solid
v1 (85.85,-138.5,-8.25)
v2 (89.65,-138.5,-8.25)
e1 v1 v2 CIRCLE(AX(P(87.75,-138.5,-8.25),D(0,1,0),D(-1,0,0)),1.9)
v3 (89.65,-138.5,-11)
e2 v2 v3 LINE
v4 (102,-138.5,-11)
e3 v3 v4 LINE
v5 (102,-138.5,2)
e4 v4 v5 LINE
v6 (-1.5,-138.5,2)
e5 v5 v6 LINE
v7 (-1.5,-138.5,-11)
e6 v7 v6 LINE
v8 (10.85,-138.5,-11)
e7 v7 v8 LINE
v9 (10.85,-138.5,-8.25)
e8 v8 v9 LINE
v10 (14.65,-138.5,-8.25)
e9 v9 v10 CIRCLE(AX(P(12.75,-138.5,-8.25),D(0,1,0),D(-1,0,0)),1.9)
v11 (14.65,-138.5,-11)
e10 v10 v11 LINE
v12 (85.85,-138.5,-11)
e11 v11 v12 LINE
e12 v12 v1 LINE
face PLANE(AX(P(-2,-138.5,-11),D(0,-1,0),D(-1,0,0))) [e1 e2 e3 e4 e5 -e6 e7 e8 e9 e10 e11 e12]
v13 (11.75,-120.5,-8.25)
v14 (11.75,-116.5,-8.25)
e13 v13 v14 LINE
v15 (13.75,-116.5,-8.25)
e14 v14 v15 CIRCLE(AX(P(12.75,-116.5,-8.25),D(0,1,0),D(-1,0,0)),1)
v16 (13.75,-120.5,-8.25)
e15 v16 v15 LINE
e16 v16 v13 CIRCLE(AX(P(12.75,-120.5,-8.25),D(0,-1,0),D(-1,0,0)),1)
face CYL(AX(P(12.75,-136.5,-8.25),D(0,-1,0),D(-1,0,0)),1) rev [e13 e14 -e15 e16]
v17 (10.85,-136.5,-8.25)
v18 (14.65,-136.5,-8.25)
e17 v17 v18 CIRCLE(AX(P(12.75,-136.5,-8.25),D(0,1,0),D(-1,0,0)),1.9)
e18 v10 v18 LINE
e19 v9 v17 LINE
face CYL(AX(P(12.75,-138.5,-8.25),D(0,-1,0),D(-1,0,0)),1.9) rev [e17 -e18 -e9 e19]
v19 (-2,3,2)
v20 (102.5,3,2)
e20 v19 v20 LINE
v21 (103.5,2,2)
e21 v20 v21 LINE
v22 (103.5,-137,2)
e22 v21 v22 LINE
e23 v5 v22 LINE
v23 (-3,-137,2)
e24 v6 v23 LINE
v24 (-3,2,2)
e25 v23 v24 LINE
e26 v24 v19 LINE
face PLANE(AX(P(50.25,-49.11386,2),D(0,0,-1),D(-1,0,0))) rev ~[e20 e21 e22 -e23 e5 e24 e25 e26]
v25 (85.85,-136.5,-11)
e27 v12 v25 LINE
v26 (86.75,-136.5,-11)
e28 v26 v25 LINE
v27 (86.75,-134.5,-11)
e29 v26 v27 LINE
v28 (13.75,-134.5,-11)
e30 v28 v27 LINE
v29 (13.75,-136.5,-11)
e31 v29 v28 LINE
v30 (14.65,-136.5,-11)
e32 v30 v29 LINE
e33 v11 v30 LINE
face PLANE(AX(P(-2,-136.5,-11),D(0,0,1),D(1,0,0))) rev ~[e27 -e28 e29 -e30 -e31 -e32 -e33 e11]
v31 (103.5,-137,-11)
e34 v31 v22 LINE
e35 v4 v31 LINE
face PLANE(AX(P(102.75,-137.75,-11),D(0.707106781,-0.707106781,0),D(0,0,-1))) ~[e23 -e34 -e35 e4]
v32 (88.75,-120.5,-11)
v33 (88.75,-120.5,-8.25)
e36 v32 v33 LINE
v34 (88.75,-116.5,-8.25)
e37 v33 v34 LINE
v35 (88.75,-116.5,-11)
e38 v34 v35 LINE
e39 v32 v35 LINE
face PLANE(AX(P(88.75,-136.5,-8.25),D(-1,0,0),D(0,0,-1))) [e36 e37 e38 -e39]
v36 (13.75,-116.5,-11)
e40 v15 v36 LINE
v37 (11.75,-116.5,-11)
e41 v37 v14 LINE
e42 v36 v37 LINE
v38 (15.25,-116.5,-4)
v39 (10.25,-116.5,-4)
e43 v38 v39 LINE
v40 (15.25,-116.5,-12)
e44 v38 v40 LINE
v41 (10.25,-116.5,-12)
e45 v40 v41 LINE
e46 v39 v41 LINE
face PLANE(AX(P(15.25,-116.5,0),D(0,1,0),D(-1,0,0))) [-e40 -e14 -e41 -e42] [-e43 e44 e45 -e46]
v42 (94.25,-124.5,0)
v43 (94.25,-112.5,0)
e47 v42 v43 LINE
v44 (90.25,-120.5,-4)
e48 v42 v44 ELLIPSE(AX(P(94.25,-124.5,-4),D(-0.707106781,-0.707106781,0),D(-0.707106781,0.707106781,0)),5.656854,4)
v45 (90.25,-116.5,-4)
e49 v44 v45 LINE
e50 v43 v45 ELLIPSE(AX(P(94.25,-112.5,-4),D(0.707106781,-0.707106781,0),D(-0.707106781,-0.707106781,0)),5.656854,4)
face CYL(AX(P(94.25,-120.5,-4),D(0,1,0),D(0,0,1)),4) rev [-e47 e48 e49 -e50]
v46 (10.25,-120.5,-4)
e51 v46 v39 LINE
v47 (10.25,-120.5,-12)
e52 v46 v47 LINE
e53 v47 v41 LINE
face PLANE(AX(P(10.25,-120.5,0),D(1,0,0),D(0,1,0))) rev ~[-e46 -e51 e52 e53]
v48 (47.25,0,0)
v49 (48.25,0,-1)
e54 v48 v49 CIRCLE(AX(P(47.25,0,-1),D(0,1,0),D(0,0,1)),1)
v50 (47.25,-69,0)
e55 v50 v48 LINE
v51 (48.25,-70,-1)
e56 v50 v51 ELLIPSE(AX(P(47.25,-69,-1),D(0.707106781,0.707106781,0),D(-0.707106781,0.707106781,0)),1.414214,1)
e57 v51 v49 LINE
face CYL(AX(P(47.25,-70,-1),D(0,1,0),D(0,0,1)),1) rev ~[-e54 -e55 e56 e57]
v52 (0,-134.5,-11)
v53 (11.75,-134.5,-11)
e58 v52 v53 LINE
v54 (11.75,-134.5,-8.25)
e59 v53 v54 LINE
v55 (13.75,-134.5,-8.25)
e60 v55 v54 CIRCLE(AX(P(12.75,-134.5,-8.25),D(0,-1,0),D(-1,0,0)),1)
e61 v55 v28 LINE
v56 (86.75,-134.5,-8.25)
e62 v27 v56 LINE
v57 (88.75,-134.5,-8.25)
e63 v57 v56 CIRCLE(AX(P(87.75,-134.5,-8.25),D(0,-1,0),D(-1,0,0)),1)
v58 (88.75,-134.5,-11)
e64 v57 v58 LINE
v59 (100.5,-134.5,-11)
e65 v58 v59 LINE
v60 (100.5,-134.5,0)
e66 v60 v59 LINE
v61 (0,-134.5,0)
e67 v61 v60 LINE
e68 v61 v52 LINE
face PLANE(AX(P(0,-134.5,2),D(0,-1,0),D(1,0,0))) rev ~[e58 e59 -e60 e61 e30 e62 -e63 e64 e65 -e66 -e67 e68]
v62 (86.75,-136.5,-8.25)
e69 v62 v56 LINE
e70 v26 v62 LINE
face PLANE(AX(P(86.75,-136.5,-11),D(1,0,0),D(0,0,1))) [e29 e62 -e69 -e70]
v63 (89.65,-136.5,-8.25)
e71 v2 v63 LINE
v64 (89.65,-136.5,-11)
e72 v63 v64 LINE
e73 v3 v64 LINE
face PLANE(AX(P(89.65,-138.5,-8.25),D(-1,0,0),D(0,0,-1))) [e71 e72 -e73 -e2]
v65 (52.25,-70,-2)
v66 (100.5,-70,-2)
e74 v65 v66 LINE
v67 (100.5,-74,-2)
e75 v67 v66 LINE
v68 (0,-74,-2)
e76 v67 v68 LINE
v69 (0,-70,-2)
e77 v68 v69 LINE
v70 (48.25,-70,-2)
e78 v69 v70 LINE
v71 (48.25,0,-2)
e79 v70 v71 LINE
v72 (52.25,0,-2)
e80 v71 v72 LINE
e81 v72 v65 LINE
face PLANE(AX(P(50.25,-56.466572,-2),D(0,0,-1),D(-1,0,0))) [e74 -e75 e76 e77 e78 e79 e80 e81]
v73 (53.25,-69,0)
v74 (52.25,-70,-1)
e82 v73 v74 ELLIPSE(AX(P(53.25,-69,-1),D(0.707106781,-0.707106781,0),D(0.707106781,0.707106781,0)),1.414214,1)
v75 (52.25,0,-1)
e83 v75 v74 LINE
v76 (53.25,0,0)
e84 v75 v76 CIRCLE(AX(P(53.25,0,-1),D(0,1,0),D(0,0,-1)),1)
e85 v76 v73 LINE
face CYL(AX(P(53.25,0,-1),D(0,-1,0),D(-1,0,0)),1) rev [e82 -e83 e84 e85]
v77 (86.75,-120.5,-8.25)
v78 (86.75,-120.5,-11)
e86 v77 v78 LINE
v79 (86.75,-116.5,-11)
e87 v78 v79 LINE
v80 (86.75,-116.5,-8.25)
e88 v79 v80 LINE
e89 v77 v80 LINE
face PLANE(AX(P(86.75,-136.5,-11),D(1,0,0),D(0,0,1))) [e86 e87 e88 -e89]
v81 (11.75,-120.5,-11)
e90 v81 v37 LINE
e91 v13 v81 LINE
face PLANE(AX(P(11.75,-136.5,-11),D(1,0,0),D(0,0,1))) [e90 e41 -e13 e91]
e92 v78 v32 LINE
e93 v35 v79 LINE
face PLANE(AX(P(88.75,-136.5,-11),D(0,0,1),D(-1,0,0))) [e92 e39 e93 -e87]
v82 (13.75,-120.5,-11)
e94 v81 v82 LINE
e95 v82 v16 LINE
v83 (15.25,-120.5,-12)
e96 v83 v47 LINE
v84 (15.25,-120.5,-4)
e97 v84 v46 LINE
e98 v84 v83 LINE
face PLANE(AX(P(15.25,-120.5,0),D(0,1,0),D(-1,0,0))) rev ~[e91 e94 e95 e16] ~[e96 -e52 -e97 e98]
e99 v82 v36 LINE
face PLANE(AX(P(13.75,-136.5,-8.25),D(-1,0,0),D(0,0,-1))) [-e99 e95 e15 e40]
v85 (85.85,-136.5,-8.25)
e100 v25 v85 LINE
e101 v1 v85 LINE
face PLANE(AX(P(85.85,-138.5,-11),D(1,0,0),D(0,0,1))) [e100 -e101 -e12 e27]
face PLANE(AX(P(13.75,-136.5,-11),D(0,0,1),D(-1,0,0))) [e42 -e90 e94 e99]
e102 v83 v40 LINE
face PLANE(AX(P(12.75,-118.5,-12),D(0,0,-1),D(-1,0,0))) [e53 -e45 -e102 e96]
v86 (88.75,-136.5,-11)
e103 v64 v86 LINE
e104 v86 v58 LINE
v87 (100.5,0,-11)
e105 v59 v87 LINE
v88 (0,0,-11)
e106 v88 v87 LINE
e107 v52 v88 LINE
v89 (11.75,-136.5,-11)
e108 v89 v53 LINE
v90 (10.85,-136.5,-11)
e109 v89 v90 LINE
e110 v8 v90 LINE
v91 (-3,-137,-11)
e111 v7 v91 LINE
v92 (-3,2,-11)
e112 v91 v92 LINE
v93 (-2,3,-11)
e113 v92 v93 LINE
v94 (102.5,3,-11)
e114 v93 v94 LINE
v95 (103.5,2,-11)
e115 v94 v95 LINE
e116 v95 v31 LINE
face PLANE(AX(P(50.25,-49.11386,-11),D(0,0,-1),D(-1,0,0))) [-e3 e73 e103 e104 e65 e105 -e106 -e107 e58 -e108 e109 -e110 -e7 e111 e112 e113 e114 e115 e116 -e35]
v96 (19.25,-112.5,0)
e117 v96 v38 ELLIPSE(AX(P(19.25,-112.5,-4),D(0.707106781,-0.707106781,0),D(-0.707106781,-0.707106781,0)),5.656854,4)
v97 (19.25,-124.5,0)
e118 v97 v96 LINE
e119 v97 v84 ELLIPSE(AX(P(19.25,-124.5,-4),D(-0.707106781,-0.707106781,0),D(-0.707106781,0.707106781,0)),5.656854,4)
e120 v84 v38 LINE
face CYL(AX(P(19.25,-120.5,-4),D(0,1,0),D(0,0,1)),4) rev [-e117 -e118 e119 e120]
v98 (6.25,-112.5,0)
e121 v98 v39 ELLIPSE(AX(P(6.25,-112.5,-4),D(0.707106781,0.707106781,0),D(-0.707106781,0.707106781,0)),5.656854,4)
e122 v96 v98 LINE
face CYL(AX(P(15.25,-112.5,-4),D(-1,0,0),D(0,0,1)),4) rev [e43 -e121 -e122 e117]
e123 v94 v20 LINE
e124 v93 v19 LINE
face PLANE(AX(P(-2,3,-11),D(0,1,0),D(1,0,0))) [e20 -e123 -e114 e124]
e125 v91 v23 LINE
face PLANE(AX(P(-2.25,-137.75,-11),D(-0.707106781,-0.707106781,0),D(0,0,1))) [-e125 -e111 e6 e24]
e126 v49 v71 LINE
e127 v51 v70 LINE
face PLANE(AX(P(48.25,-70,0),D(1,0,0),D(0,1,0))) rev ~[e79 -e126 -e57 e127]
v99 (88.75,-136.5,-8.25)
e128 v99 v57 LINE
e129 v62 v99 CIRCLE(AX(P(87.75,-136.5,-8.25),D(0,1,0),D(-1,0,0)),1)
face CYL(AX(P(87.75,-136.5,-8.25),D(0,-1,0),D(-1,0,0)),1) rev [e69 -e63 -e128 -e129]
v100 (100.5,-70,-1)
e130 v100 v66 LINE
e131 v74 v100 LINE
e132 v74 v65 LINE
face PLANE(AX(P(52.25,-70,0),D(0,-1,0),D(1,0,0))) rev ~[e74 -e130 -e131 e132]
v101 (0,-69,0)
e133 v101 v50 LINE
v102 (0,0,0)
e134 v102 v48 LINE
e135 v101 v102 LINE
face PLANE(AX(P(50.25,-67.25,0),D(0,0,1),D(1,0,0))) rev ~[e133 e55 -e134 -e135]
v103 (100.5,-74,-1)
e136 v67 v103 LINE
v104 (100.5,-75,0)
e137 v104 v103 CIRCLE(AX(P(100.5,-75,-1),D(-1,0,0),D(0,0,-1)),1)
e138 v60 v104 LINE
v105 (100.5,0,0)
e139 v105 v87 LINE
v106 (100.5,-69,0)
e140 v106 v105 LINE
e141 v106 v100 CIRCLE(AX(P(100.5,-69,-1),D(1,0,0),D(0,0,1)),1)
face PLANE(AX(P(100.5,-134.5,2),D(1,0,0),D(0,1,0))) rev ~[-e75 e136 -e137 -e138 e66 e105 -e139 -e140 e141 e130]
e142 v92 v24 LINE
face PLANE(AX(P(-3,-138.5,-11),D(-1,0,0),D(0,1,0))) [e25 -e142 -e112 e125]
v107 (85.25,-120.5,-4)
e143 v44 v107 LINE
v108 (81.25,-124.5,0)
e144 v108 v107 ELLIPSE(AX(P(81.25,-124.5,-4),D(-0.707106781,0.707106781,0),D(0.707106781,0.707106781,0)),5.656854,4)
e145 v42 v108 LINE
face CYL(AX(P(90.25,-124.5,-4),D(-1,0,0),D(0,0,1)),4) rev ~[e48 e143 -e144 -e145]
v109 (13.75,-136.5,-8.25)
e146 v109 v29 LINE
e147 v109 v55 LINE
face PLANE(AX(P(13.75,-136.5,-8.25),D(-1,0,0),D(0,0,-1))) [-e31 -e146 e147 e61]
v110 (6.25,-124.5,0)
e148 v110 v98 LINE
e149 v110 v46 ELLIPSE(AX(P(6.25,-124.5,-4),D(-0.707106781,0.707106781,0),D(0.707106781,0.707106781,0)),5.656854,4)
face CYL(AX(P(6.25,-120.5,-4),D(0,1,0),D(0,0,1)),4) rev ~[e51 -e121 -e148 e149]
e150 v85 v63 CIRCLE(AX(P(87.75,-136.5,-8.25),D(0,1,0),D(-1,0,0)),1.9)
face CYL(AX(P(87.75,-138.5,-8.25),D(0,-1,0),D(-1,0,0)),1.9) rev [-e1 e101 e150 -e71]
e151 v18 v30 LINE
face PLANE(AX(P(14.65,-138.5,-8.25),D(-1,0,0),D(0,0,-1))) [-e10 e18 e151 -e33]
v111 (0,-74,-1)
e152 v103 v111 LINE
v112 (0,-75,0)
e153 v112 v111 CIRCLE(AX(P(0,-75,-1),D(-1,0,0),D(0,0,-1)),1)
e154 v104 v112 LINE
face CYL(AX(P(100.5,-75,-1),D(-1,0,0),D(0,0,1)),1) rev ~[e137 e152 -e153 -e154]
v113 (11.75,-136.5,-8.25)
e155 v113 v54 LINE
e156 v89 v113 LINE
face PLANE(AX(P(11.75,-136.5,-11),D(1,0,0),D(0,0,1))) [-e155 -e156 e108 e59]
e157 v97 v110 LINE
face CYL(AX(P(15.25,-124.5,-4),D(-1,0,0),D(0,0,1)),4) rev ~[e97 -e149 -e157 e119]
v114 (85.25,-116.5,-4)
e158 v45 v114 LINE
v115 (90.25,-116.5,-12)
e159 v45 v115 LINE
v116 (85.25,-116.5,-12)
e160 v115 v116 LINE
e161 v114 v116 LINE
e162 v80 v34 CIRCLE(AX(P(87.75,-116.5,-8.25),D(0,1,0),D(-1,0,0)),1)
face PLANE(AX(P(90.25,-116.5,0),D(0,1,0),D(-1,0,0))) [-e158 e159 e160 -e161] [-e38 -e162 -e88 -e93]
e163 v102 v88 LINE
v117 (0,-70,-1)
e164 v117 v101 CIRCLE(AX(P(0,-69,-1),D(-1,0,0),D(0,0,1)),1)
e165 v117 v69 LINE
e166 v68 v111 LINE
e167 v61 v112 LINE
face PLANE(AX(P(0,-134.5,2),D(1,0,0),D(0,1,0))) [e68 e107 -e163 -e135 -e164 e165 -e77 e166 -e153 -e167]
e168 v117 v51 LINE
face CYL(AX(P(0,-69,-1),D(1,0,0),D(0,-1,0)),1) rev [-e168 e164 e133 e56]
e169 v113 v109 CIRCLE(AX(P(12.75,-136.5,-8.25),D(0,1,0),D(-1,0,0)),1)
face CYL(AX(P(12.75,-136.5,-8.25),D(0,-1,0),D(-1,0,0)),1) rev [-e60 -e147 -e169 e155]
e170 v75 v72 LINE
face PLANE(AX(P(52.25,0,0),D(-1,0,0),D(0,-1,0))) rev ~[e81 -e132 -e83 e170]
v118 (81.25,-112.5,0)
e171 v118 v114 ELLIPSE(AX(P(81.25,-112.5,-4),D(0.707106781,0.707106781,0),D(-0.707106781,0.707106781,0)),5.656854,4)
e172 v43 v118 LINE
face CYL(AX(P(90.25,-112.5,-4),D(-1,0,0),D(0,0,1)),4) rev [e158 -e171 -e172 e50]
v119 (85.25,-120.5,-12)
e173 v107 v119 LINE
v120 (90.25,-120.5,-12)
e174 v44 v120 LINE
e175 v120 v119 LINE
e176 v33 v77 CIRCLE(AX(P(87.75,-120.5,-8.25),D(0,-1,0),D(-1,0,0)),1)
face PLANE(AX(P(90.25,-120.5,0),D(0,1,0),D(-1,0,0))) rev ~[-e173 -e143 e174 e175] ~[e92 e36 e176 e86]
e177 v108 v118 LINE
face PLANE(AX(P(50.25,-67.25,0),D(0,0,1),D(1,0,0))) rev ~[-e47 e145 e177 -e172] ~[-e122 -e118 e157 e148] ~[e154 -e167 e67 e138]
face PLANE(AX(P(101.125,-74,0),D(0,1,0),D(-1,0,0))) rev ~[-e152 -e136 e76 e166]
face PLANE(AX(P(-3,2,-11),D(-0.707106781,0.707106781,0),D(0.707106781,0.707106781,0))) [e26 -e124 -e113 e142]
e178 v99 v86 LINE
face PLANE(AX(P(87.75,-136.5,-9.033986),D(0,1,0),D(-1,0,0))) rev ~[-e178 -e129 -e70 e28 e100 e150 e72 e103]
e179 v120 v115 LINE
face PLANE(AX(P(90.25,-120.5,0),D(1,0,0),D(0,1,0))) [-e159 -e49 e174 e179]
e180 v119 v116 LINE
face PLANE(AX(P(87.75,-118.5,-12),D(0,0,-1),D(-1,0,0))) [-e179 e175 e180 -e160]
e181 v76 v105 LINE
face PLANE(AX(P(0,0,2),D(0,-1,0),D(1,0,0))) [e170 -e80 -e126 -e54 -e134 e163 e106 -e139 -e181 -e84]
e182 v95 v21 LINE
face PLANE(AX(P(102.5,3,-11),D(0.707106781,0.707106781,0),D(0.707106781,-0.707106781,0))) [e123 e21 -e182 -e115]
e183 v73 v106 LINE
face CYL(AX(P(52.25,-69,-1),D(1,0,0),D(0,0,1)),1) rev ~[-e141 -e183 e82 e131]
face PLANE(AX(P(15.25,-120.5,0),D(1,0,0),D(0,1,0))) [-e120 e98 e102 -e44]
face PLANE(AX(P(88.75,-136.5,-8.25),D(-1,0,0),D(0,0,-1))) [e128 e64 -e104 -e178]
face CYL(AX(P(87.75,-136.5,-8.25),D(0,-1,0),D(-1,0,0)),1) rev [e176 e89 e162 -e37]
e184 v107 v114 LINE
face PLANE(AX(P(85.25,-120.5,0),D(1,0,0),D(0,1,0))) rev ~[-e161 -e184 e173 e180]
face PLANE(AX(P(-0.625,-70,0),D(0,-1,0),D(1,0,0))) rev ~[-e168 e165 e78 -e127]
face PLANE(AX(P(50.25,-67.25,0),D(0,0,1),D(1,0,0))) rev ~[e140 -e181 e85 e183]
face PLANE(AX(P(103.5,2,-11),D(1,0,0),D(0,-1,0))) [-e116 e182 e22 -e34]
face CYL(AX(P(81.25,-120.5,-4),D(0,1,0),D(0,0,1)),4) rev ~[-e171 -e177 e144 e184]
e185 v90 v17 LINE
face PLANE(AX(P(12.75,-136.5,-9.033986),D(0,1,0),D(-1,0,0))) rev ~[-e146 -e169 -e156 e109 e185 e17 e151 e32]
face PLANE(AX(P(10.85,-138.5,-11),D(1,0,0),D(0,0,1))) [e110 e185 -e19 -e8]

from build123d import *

# Parameters (mm, degrees)
SKETCH1_W           = 100.5
SKETCH1_H           = 134.5
BOSS_EXTRUDE1_DEPTH = 2
SKETCH2_W           = 104.5
SKETCH2_H           = 138.5
SKETCH2_W_2         = 100.5
SKETCH2_H_2         = 134.5
BOSS_EXTRUDE2_DEPTH = 13
BOSS_EXTRUDE3_DEPTH = 2
SKETCH5_W           = 104.5
SKETCH5_H           = 13
BOSS_EXTRUDE4_DEPTH = 2
CUT_EXTRUDE2_DEPTH  = 2
SKETCH8_W           = 5
SKETCH8_H           = 4
BOSS_EXTRUDE5_DEPTH = 12
FILLET1_R           = 4
CUT_EXTRUDE3_DEPTH  = 20
BOSS_EXTRUDE7_DEPTH = 13
CHAMFER1_SIZE       = 1.5
FILLET2_R           = 1


with BuildPart() as part:
    # Sketch1 → Boss-Extrude1 (new body)
    with BuildSketch(Plane.XY):
        with Locations((50.25, -67.25)):
            Rectangle(SKETCH1_W, SKETCH1_H)
    extrude(amount=BOSS_EXTRUDE1_DEPTH)

    # Sketch2 → Boss-Extrude2 (add)
    with BuildSketch(Plane.XY.offset(2)):
        with Locations((50.25, -67.25)):
            Rectangle(SKETCH2_W, SKETCH2_H)
        with Locations((50.25, -67.25)):
            Rectangle(SKETCH2_W_2, SKETCH2_H_2, mode=Mode.SUBTRACT)
    extrude(amount=-BOSS_EXTRUDE2_DEPTH)

    # Sketch3 → Boss-Extrude3 (add)
    with BuildSketch(Plane(origin=(0, 0, 0), x_dir=(-1, 0, 0), z_dir=(0, 0, -1))):
        Polygon((-52.25, 0), (-52.25, -70), (-101.125, -70), (-101.125, -74), (0.625, -74), (0.625, -70), (-48.25, -70), (-48.25, 0), align=None)
    extrude(amount=BOSS_EXTRUDE3_DEPTH)

    # Sketch5 → Boss-Extrude4 (add)
    with BuildSketch(Plane.XZ.offset(136.5)):
        with Locations((50.25, -4.5)):
            Rectangle(SKETCH5_W, SKETCH5_H)
    extrude(amount=BOSS_EXTRUDE4_DEPTH)

    # Sketch4 → Cut-Extrude2 (cut)
    with BuildSketch(Plane.XZ.offset(138.5)):
        with BuildLine():
            Line((89.65, -8.25), (89.65, -11))
            Line((89.65, -11), (85.85, -11))
            Line((85.85, -11), (85.85, -8.25))
            ThreePointArc((85.85, -8.25), (87.75, -6.35), (89.65, -8.25))
        make_face()
        with BuildLine():
            Line((14.65, -8.25), (14.65, -11))
            Line((14.65, -11), (10.85, -11))
            Line((10.85, -11), (10.85, -8.25))
            ThreePointArc((10.85, -8.25), (12.75, -6.35), (14.65, -8.25))
        make_face()
    extrude(amount=-CUT_EXTRUDE2_DEPTH, mode=Mode.SUBTRACT)

    # Sketch8 → Boss-Extrude5 (add)
    with BuildSketch(Plane(origin=(0, 0, 0), x_dir=(-1, 0, 0), z_dir=(0, 0, -1))):
        with Locations((-12.75, -118.5)):
            Rectangle(SKETCH8_W, SKETCH8_H)
        with Locations((-87.75, -118.5)):
            Rectangle(SKETCH8_W, SKETCH8_H)
    extrude(amount=BOSS_EXTRUDE5_DEPTH)

    # Fillet1
    fillet1_edges = [part.edges().sort_by_distance(p)[0] for p in [
        (10.25, -118.5, 0),
        (12.75, -116.5, 0),
        (15.25, -118.5, 0),
        (12.75, -120.5, 0),
        (85.25, -118.5, 0),
        (87.75, -116.5, 0),
        (90.25, -118.5, 0),
        (87.75, -120.5, 0),
    ]]
    fillet(fillet1_edges, radius=FILLET1_R)

    # Sketch7 → Cut-Extrude3 (cut)
    with BuildSketch(Plane.XZ.offset(136.5)):
        with BuildLine():
            Line((88.75, -8.25), (88.75, -11))
            Line((88.75, -11), (86.75, -11))
            Line((86.75, -11), (86.75, -8.25))
            ThreePointArc((86.75, -8.25), (87.75, -7.25), (88.75, -8.25))
        make_face()
        with BuildLine():
            Line((13.75, -8.25), (13.75, -11))
            Line((13.75, -11), (11.75, -11))
            Line((11.75, -11), (11.75, -8.25))
            ThreePointArc((11.75, -8.25), (12.75, -7.25), (13.75, -8.25))
        make_face()
    extrude(amount=-CUT_EXTRUDE3_DEPTH, mode=Mode.SUBTRACT)

    # Sketch13 → Boss-Extrude7 (add)
    with BuildSketch(Plane(origin=(0, 0, -11), x_dir=(-1, 0, 0), z_dir=(0, 0, -1))):
        Polygon((2, -138.5), (3, -138.5), (3, 2), (2, 3), (-102.5, 3), (-103.5, 2), (-103.5, -138.5), (-102.5, -138.5), (-102.5, 2), (2, 2), align=None)
    extrude(amount=-BOSS_EXTRUDE7_DEPTH)

    # Chamfer1
    chamfer1_edges = [part.edges().sort_by_distance(p)[0] for p in [
        (-3, -138.5, -4.5),
        (103.5, -138.5, -4.5),
    ]]
    chamfer(chamfer1_edges, length=CHAMFER1_SIZE)

    # Fillet2
    fillet2_edges = [part.edges().sort_by_distance(p)[0] for p in [
        (76.375, -70, 0),
        (50.25, -74, 0),
        (48.25, -35, 0),
        (24.125, -70, 0),
        (52.25, -35, 0),
    ]]
    fillet(fillet2_edges, radius=FILLET2_R)


solid = part.part
